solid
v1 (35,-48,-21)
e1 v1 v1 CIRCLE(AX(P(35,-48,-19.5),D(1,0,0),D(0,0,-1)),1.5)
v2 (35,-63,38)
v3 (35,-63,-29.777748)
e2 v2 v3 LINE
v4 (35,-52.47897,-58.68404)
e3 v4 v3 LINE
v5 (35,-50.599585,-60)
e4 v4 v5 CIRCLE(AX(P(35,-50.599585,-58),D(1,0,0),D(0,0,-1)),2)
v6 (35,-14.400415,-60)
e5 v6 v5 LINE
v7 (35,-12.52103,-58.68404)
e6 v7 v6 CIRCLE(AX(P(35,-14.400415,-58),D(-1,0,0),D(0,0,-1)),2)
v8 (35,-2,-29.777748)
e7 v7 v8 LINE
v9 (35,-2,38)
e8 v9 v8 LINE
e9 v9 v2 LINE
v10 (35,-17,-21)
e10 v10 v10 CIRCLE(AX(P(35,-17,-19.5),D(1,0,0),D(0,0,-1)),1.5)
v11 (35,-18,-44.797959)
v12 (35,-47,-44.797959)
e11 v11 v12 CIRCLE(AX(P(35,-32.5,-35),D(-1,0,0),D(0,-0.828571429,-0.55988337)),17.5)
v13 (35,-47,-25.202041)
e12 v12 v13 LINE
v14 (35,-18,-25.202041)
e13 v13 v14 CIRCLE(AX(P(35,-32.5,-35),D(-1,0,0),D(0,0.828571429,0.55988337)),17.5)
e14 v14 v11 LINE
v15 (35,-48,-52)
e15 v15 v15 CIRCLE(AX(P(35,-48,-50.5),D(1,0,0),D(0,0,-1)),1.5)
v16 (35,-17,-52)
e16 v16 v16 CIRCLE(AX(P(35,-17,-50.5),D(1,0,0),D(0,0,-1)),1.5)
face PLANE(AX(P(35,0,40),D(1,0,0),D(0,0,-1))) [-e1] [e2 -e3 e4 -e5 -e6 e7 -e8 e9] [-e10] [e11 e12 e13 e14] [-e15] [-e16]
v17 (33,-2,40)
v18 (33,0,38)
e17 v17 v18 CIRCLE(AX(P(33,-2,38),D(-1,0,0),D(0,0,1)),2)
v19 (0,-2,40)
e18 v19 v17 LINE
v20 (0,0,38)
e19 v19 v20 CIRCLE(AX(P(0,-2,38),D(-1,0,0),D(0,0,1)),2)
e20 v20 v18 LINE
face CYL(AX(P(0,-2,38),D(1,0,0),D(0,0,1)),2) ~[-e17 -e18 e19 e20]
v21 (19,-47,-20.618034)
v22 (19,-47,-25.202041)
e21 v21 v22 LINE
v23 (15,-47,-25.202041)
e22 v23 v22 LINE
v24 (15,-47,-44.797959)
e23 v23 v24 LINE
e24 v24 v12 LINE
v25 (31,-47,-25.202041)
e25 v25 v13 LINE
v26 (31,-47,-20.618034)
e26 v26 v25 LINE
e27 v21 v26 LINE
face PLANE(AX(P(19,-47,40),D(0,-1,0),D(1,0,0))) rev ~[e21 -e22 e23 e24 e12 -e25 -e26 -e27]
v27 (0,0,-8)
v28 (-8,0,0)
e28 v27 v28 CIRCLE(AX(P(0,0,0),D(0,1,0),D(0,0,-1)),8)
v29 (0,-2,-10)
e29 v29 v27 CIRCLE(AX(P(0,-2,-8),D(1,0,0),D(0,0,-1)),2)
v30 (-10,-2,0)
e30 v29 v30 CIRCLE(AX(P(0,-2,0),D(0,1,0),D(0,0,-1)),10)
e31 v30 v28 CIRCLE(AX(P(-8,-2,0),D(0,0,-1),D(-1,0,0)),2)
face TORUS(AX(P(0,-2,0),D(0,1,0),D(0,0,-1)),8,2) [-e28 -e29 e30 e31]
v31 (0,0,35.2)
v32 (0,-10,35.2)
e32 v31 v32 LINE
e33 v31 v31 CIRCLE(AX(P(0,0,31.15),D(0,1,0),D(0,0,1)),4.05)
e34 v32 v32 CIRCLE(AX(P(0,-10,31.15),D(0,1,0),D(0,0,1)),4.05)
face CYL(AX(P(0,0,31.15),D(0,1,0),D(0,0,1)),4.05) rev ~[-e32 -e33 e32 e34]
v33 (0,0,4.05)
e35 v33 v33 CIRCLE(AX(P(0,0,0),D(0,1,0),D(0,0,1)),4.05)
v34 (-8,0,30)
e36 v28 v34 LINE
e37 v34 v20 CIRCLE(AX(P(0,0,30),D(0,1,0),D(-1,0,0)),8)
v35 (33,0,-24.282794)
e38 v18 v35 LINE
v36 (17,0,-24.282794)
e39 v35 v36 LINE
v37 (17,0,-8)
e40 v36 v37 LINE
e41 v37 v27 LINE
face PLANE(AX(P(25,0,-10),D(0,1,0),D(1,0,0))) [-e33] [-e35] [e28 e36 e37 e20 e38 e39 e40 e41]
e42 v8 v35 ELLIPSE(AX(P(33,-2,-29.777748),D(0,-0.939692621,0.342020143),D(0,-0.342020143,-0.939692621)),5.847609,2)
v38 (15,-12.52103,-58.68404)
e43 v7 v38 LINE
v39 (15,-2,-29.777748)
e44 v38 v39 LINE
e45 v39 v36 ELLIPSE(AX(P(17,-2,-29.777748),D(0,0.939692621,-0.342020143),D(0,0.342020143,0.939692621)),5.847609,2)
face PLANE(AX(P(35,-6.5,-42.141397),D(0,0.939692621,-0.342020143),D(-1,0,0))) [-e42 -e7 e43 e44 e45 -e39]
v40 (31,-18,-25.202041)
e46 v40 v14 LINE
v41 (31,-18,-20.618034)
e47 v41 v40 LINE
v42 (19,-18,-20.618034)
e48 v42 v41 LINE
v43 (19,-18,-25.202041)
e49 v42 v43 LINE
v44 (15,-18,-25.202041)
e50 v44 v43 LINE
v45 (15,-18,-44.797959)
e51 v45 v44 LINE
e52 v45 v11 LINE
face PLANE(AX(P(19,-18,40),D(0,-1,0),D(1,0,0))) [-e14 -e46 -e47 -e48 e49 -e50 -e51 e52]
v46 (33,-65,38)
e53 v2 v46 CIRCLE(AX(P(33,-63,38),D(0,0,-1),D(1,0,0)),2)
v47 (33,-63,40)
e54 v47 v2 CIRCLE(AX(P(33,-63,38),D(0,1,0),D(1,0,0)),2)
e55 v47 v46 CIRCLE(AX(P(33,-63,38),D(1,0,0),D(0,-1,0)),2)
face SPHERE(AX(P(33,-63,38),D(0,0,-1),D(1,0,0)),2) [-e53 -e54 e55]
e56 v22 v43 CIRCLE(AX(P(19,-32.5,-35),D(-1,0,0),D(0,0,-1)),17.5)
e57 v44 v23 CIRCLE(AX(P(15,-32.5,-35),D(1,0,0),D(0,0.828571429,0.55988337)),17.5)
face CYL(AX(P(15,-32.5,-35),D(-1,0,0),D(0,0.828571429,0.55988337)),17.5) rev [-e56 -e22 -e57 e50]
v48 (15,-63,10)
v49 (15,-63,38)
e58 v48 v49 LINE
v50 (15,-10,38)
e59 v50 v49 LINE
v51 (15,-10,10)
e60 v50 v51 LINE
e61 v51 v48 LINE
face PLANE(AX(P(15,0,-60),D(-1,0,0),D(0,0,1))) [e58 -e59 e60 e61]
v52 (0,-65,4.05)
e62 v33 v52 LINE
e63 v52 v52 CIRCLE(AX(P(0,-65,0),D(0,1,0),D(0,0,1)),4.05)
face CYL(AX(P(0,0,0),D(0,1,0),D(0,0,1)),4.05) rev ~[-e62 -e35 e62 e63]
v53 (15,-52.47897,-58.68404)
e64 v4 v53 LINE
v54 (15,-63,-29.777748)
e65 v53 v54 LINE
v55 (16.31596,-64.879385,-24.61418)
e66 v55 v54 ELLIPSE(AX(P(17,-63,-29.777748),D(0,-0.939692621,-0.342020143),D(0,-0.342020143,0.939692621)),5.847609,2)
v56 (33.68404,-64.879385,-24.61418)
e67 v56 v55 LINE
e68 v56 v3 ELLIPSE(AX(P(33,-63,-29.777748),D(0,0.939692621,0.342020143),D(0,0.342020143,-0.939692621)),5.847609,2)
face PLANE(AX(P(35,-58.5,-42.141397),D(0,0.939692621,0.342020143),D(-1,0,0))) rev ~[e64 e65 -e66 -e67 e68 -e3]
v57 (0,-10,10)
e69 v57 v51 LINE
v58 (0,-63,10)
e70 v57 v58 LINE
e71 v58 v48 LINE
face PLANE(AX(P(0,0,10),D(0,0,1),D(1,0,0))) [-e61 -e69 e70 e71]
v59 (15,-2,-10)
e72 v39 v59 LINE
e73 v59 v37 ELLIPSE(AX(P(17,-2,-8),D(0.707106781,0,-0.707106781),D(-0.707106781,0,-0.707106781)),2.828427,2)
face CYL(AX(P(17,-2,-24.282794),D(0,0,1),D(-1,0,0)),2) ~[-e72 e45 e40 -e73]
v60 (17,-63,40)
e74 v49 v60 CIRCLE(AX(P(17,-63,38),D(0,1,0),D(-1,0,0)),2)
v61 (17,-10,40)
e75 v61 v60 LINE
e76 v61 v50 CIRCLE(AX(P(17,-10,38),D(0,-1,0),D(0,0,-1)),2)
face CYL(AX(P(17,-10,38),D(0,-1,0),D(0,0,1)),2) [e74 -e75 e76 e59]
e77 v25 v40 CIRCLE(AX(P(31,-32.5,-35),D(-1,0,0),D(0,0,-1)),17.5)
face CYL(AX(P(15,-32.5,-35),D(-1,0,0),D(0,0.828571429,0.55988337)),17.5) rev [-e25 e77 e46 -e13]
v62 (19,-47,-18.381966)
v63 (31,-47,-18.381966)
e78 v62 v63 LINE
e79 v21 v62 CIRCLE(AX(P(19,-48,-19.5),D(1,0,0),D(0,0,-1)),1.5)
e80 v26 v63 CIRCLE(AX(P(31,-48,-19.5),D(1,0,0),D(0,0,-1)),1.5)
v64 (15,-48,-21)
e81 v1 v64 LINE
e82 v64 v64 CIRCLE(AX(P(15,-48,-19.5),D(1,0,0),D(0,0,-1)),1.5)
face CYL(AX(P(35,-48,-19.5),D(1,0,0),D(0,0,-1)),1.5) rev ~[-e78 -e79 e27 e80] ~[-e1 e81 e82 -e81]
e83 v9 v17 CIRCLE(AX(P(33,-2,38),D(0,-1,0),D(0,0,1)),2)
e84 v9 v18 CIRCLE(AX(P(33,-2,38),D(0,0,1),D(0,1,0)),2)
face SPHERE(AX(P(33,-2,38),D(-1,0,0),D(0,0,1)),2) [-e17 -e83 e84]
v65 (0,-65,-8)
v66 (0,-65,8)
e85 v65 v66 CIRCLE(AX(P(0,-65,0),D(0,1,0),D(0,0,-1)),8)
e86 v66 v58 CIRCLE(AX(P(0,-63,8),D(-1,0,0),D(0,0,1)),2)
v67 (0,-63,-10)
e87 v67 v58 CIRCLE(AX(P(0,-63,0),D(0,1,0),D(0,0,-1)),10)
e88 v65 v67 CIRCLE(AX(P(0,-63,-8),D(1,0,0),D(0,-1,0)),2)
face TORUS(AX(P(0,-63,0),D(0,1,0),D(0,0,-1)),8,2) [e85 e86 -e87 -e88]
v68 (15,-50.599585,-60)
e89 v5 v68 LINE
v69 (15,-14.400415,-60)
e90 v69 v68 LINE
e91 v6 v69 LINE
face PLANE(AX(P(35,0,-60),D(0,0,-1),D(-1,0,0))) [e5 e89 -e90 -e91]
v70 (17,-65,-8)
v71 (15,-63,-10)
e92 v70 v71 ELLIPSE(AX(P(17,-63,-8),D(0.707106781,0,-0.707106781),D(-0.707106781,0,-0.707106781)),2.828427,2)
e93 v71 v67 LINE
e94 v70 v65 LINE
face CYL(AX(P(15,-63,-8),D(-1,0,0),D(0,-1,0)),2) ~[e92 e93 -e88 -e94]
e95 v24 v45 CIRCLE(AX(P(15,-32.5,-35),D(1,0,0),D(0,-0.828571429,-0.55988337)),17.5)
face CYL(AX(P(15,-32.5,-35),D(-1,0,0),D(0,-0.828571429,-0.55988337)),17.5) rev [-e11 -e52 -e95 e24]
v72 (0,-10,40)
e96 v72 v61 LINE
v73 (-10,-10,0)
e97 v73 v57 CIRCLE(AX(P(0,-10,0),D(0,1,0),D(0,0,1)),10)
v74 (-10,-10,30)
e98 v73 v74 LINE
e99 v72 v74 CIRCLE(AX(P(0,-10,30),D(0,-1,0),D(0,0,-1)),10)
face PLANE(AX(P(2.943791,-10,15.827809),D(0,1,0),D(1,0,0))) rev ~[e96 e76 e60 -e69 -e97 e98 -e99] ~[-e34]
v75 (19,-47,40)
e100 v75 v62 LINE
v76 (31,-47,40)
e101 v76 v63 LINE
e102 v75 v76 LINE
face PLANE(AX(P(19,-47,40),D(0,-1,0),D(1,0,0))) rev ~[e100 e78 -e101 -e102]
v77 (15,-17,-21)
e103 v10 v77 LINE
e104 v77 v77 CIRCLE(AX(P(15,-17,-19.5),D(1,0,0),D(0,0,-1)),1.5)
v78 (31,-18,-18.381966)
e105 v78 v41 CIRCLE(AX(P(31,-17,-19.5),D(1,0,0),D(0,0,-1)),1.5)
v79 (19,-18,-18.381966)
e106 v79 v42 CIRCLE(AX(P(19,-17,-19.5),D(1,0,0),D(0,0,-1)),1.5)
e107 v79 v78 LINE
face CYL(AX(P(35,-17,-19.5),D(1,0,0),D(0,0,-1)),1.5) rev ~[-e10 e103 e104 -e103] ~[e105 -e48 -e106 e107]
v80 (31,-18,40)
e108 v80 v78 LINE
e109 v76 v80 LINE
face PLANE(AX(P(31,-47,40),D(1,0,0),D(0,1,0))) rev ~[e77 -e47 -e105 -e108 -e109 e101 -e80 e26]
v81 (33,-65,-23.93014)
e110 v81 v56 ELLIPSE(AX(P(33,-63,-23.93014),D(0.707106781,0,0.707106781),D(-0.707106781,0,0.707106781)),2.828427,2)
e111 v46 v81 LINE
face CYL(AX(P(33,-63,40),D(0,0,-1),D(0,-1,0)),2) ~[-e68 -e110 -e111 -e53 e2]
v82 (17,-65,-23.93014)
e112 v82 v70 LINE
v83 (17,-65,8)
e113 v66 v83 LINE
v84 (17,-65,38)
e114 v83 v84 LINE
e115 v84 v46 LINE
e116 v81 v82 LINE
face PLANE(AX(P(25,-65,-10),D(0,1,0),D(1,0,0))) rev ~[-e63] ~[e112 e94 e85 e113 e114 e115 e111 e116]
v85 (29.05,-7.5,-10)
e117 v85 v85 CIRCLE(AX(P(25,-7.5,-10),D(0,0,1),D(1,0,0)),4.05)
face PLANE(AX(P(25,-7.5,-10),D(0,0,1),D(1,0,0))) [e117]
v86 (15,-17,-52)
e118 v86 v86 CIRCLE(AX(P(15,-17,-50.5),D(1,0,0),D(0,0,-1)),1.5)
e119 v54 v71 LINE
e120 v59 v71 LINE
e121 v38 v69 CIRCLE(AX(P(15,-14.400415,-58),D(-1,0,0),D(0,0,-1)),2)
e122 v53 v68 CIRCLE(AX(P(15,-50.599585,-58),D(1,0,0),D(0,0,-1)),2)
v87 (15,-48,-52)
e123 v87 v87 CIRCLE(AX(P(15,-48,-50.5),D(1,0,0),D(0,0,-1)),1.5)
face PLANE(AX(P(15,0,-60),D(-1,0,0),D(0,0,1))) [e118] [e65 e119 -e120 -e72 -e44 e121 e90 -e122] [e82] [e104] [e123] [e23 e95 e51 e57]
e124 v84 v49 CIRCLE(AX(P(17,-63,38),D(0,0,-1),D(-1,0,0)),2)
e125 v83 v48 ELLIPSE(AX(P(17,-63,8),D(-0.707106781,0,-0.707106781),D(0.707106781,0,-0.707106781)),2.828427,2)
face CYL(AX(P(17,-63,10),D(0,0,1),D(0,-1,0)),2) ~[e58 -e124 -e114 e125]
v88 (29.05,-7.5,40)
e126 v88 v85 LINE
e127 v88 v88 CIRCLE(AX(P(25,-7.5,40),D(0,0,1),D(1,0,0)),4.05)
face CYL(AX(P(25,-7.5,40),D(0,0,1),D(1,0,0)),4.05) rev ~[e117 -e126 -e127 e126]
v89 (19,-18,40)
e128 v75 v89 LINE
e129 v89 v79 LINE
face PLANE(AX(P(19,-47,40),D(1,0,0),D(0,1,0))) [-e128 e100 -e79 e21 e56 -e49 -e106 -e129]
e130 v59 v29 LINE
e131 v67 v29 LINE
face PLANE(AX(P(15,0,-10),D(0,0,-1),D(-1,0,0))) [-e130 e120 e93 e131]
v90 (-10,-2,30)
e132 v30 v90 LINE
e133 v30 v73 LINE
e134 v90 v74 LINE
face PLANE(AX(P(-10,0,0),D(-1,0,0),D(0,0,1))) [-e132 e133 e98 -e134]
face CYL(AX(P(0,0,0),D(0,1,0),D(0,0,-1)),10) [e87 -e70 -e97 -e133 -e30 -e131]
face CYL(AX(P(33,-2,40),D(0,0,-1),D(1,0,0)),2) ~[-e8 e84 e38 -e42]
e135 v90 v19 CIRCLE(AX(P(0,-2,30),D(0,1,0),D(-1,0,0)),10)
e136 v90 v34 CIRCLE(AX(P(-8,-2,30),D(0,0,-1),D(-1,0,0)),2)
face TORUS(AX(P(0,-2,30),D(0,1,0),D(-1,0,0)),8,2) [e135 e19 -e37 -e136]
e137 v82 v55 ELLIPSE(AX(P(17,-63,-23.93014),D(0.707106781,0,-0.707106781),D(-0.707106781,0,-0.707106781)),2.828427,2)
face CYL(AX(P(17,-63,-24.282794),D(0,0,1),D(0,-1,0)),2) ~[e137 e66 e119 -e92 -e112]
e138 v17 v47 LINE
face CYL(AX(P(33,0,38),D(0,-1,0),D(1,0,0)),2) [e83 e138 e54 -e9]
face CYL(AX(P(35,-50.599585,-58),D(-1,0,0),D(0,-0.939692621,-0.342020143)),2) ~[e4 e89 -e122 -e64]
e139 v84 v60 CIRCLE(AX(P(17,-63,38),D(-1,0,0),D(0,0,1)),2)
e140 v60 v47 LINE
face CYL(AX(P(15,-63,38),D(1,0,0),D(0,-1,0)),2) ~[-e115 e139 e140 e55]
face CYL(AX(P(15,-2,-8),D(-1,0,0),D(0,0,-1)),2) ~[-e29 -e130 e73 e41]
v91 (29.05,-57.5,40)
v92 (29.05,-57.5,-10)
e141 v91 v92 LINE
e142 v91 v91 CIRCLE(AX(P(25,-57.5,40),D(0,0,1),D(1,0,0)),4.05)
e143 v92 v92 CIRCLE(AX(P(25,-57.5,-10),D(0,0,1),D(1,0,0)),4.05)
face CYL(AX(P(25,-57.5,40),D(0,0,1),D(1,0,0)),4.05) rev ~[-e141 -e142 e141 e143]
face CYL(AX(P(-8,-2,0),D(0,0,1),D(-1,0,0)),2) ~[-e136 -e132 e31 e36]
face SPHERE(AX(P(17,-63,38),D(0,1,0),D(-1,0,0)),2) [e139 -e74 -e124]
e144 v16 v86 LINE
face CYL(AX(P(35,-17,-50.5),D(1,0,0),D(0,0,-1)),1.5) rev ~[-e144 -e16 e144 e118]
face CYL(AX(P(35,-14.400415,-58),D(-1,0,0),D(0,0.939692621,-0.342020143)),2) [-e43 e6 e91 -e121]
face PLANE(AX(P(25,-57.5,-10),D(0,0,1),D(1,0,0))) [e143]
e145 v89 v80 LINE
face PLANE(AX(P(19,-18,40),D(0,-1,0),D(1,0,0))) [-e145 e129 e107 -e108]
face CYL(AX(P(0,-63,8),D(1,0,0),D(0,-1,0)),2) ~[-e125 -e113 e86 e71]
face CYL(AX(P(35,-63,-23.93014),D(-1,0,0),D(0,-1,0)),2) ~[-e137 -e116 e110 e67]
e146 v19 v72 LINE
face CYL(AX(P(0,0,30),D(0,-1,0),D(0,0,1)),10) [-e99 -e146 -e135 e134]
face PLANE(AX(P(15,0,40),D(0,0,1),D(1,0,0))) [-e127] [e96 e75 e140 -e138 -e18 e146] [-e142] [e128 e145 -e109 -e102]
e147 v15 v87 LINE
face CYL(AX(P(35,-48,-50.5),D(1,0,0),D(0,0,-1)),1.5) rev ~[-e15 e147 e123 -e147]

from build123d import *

# Parameters (mm, degrees)
SKETCH2_R               = 10
BOSS_EXTRUDE1_DEPTH     = 65
BOSS_EXTRUDE2_DEPTH     = 10
BOSS_EXTRUDE3_DEPTH     = 65
FILLET1_R               = 10
SKETCH5_R               = 4.05
CUT_EXTRUDE1_DEPTH      = 78.781745931
BOSS_EXTRUDE4_DEPTH     = 65
SKETCH8_R               = 4.05
CUT_EXTRUDE3_DEPTH      = 50
CUT_EXTRUDE5_DEPTH      = 92.923881554
CUT_EXTRUDE6_REACH      = 126.298
CUT_EXTRUDE6_END_RADIUS = 17.5
SKETCH7_W               = 12
SKETCH7_H               = 29
CHAMFER1_SIZE           = 13
CHAMFER1_SIZE2          = 35.717206453
FILLET2_R               = 2
SKETCH14_R              = 1.5
CUT_EXTRUDE7_DEPTH      = 100.247166206


with BuildPart() as part:
    # Sketch2 → Boss-Extrude1 (new body)
    with BuildSketch(Plane(origin=(0, 0, 0), x_dir=(1, 0, 0), z_dir=(0, 1, 0))):
        with Locations(Location((0, 0, 0), (0, 0, 270))):
            Circle(SKETCH2_R)
    extrude(amount=-BOSS_EXTRUDE1_DEPTH)

    # Sketch3 → Boss-Extrude2 (add)
    with BuildSketch(Plane(origin=(0, 0, 0), x_dir=(1, 0, 0), z_dir=(0, 1, 0))):
        with BuildLine():
            Line((-10, 0), (-10, -40))
            Line((-10, -40), (15, -40))
            Line((15, -40), (15, 10))
            Line((15, 10), (0, 10))
            ThreePointArc((0, 10), (-7.071067812, 7.071067812), (-10, 0))
        make_face()
    extrude(amount=-BOSS_EXTRUDE2_DEPTH)

    # Sketch4 → Boss-Extrude3 (add)
    with BuildSketch(Plane(origin=(0, 0, 0), x_dir=(1, 0, 0), z_dir=(0, 1, 0))):
        with BuildLine():
            Line((15, 10), (0, 10))
            ThreePointArc((0, 10), (10, 0), (0, -10))
            Line((0, -10), (15, -10))
            Line((15, -10), (15, 10))
        make_face()
    extrude(amount=-BOSS_EXTRUDE3_DEPTH)

    # Fillet1
    fillet1_edges = [part.edges().sort_by_distance(p)[0] for p in [
        (-10, -5, 40),
    ]]
    fillet(fillet1_edges, radius=FILLET1_R)

    # Sketch5 → Cut-Extrude1 (cut, through all)
    with BuildSketch(Plane(origin=(0, 0, 0), x_dir=(1, 0, 0), z_dir=(0, 1, 0))):
        with Locations(Location((0, -31.15, 0), (0, 0, 270))):
            Circle(SKETCH5_R)
        with Locations(Location((0, 0, 0), (0, 0, 270))):
            Circle(SKETCH5_R)
    extrude(amount=-CUT_EXTRUDE1_DEPTH, mode=Mode.SUBTRACT)

    # Sketch6 → Boss-Extrude4 (add)
    with BuildSketch(Plane(origin=(0, 0, 0), x_dir=(1, 0, 0), z_dir=(0, 1, 0))):
        Polygon((15, -40), (35, -40), (35, 60), (15, 60), (15, 10), align=None)
    extrude(amount=-BOSS_EXTRUDE4_DEPTH)

    # Sketch8 → Cut-Extrude3 (cut)
    with BuildSketch(Plane.XY.offset(40)):
        with Locations((25, -7.5)):
            Circle(SKETCH8_R)
        with Locations((25, -57.5)):
            Circle(SKETCH8_R)
    extrude(amount=-CUT_EXTRUDE3_DEPTH, mode=Mode.SUBTRACT)

    # Sketch13 → Cut-Extrude5 (cut, through all)
    with BuildSketch(Plane.ZY.offset(-15)):
        with BuildLine():
            Line((-44.797958971, -18), (-25.202041029, -18))
            ThreePointArc((-25.202041029, -18), (-17.5, -32.5), (-25.202041029, -47))
            Line((-25.202041029, -47), (-44.797958971, -47))
            ThreePointArc((-44.797958971, -47), (-52.5, -32.5), (-44.797958971, -18))
        make_face()
    extrude(amount=-CUT_EXTRUDE5_DEPTH, mode=Mode.SUBTRACT)

    # Cut-Extrude6: up to this cylinder (the profile starts outside it)
    cut_extrude6_end = Plane(origin=(25, -32.5, -35), z_dir=(-1, 0, 0)) * Cylinder(CUT_EXTRUDE6_END_RADIUS, 288.596, mode=Mode.PRIVATE)
    # Sketch7 → Cut-Extrude6 (cut, up to the surface)
    with BuildSketch(Plane.XY.offset(40), mode=Mode.PRIVATE) as cut_extrude6_sk1:
        with Locations((25, -32.5)):
            Rectangle(SKETCH7_W, SKETCH7_H)
    cut_extrude6_tool1 = extrude(cut_extrude6_sk1.sketch, amount=-CUT_EXTRUDE6_REACH, mode=Mode.PRIVATE) - cut_extrude6_end
    add(cut_extrude6_tool1.solids().sort_by_distance((25, -32.5, 40))[0], mode=Mode.SUBTRACT)

    # Chamfer1
    chamfer1_edges = [part.edges().sort_by_distance(p)[0] for p in [
        (25, 0, -60),
        (25, -65, -60),
    ]]
    chamfer1_side = [part.faces().sort_by_distance(p)[0] for p in [
        (25, -32.5, -60),
    ]]
    chamfer(chamfer1_edges, length=CHAMFER1_SIZE, length2=CHAMFER1_SIZE2, reference=chamfer1_side[0])

    # Fillet2
    fillet2_edges = [part.edges().sort_by_distance(p)[0] for p in [
        (7.5, 0, -10),
        (-10, 0, 15),
        (35, -65, 7.858603226),
        (25, -65, -24.282793547),
        (25, -13, -60),
        (25, -52, -60),
        (15, 0, -17.141396774),
        (-7.071067812, 0, -7.071067812),
        (-10, -65, 0),
        (7.5, -65, -10),
        (7.5, -65, 10),
        (17.5, 0, 40),
        (-7.071067812, 0, 37.071067812),
        (15, -37.5, 40),
        (35, -32.5, 40),
        (35, 0, 7.858603226),
        (15, -65, 25),
        (15, -65, -17.141396774),
        (25, -65, 40),
    ]]
    fillet(fillet2_edges, radius=FILLET2_R)

    # Sketch14 → Cut-Extrude7 (cut, through all)
    with BuildSketch(Plane(origin=(35, 0, 0), x_dir=(0, 0, -1), z_dir=(1, 0, 0))):
        with Locations((19.5, -17)):
            Circle(SKETCH14_R)
        with Locations((50.5, -17)):
            Circle(SKETCH14_R)
        with Locations((50.5, -48)):
            Circle(SKETCH14_R)
        with Locations((19.5, -48)):
            Circle(SKETCH14_R)
    extrude(amount=-CUT_EXTRUDE7_DEPTH, mode=Mode.SUBTRACT)


solid = part.part
